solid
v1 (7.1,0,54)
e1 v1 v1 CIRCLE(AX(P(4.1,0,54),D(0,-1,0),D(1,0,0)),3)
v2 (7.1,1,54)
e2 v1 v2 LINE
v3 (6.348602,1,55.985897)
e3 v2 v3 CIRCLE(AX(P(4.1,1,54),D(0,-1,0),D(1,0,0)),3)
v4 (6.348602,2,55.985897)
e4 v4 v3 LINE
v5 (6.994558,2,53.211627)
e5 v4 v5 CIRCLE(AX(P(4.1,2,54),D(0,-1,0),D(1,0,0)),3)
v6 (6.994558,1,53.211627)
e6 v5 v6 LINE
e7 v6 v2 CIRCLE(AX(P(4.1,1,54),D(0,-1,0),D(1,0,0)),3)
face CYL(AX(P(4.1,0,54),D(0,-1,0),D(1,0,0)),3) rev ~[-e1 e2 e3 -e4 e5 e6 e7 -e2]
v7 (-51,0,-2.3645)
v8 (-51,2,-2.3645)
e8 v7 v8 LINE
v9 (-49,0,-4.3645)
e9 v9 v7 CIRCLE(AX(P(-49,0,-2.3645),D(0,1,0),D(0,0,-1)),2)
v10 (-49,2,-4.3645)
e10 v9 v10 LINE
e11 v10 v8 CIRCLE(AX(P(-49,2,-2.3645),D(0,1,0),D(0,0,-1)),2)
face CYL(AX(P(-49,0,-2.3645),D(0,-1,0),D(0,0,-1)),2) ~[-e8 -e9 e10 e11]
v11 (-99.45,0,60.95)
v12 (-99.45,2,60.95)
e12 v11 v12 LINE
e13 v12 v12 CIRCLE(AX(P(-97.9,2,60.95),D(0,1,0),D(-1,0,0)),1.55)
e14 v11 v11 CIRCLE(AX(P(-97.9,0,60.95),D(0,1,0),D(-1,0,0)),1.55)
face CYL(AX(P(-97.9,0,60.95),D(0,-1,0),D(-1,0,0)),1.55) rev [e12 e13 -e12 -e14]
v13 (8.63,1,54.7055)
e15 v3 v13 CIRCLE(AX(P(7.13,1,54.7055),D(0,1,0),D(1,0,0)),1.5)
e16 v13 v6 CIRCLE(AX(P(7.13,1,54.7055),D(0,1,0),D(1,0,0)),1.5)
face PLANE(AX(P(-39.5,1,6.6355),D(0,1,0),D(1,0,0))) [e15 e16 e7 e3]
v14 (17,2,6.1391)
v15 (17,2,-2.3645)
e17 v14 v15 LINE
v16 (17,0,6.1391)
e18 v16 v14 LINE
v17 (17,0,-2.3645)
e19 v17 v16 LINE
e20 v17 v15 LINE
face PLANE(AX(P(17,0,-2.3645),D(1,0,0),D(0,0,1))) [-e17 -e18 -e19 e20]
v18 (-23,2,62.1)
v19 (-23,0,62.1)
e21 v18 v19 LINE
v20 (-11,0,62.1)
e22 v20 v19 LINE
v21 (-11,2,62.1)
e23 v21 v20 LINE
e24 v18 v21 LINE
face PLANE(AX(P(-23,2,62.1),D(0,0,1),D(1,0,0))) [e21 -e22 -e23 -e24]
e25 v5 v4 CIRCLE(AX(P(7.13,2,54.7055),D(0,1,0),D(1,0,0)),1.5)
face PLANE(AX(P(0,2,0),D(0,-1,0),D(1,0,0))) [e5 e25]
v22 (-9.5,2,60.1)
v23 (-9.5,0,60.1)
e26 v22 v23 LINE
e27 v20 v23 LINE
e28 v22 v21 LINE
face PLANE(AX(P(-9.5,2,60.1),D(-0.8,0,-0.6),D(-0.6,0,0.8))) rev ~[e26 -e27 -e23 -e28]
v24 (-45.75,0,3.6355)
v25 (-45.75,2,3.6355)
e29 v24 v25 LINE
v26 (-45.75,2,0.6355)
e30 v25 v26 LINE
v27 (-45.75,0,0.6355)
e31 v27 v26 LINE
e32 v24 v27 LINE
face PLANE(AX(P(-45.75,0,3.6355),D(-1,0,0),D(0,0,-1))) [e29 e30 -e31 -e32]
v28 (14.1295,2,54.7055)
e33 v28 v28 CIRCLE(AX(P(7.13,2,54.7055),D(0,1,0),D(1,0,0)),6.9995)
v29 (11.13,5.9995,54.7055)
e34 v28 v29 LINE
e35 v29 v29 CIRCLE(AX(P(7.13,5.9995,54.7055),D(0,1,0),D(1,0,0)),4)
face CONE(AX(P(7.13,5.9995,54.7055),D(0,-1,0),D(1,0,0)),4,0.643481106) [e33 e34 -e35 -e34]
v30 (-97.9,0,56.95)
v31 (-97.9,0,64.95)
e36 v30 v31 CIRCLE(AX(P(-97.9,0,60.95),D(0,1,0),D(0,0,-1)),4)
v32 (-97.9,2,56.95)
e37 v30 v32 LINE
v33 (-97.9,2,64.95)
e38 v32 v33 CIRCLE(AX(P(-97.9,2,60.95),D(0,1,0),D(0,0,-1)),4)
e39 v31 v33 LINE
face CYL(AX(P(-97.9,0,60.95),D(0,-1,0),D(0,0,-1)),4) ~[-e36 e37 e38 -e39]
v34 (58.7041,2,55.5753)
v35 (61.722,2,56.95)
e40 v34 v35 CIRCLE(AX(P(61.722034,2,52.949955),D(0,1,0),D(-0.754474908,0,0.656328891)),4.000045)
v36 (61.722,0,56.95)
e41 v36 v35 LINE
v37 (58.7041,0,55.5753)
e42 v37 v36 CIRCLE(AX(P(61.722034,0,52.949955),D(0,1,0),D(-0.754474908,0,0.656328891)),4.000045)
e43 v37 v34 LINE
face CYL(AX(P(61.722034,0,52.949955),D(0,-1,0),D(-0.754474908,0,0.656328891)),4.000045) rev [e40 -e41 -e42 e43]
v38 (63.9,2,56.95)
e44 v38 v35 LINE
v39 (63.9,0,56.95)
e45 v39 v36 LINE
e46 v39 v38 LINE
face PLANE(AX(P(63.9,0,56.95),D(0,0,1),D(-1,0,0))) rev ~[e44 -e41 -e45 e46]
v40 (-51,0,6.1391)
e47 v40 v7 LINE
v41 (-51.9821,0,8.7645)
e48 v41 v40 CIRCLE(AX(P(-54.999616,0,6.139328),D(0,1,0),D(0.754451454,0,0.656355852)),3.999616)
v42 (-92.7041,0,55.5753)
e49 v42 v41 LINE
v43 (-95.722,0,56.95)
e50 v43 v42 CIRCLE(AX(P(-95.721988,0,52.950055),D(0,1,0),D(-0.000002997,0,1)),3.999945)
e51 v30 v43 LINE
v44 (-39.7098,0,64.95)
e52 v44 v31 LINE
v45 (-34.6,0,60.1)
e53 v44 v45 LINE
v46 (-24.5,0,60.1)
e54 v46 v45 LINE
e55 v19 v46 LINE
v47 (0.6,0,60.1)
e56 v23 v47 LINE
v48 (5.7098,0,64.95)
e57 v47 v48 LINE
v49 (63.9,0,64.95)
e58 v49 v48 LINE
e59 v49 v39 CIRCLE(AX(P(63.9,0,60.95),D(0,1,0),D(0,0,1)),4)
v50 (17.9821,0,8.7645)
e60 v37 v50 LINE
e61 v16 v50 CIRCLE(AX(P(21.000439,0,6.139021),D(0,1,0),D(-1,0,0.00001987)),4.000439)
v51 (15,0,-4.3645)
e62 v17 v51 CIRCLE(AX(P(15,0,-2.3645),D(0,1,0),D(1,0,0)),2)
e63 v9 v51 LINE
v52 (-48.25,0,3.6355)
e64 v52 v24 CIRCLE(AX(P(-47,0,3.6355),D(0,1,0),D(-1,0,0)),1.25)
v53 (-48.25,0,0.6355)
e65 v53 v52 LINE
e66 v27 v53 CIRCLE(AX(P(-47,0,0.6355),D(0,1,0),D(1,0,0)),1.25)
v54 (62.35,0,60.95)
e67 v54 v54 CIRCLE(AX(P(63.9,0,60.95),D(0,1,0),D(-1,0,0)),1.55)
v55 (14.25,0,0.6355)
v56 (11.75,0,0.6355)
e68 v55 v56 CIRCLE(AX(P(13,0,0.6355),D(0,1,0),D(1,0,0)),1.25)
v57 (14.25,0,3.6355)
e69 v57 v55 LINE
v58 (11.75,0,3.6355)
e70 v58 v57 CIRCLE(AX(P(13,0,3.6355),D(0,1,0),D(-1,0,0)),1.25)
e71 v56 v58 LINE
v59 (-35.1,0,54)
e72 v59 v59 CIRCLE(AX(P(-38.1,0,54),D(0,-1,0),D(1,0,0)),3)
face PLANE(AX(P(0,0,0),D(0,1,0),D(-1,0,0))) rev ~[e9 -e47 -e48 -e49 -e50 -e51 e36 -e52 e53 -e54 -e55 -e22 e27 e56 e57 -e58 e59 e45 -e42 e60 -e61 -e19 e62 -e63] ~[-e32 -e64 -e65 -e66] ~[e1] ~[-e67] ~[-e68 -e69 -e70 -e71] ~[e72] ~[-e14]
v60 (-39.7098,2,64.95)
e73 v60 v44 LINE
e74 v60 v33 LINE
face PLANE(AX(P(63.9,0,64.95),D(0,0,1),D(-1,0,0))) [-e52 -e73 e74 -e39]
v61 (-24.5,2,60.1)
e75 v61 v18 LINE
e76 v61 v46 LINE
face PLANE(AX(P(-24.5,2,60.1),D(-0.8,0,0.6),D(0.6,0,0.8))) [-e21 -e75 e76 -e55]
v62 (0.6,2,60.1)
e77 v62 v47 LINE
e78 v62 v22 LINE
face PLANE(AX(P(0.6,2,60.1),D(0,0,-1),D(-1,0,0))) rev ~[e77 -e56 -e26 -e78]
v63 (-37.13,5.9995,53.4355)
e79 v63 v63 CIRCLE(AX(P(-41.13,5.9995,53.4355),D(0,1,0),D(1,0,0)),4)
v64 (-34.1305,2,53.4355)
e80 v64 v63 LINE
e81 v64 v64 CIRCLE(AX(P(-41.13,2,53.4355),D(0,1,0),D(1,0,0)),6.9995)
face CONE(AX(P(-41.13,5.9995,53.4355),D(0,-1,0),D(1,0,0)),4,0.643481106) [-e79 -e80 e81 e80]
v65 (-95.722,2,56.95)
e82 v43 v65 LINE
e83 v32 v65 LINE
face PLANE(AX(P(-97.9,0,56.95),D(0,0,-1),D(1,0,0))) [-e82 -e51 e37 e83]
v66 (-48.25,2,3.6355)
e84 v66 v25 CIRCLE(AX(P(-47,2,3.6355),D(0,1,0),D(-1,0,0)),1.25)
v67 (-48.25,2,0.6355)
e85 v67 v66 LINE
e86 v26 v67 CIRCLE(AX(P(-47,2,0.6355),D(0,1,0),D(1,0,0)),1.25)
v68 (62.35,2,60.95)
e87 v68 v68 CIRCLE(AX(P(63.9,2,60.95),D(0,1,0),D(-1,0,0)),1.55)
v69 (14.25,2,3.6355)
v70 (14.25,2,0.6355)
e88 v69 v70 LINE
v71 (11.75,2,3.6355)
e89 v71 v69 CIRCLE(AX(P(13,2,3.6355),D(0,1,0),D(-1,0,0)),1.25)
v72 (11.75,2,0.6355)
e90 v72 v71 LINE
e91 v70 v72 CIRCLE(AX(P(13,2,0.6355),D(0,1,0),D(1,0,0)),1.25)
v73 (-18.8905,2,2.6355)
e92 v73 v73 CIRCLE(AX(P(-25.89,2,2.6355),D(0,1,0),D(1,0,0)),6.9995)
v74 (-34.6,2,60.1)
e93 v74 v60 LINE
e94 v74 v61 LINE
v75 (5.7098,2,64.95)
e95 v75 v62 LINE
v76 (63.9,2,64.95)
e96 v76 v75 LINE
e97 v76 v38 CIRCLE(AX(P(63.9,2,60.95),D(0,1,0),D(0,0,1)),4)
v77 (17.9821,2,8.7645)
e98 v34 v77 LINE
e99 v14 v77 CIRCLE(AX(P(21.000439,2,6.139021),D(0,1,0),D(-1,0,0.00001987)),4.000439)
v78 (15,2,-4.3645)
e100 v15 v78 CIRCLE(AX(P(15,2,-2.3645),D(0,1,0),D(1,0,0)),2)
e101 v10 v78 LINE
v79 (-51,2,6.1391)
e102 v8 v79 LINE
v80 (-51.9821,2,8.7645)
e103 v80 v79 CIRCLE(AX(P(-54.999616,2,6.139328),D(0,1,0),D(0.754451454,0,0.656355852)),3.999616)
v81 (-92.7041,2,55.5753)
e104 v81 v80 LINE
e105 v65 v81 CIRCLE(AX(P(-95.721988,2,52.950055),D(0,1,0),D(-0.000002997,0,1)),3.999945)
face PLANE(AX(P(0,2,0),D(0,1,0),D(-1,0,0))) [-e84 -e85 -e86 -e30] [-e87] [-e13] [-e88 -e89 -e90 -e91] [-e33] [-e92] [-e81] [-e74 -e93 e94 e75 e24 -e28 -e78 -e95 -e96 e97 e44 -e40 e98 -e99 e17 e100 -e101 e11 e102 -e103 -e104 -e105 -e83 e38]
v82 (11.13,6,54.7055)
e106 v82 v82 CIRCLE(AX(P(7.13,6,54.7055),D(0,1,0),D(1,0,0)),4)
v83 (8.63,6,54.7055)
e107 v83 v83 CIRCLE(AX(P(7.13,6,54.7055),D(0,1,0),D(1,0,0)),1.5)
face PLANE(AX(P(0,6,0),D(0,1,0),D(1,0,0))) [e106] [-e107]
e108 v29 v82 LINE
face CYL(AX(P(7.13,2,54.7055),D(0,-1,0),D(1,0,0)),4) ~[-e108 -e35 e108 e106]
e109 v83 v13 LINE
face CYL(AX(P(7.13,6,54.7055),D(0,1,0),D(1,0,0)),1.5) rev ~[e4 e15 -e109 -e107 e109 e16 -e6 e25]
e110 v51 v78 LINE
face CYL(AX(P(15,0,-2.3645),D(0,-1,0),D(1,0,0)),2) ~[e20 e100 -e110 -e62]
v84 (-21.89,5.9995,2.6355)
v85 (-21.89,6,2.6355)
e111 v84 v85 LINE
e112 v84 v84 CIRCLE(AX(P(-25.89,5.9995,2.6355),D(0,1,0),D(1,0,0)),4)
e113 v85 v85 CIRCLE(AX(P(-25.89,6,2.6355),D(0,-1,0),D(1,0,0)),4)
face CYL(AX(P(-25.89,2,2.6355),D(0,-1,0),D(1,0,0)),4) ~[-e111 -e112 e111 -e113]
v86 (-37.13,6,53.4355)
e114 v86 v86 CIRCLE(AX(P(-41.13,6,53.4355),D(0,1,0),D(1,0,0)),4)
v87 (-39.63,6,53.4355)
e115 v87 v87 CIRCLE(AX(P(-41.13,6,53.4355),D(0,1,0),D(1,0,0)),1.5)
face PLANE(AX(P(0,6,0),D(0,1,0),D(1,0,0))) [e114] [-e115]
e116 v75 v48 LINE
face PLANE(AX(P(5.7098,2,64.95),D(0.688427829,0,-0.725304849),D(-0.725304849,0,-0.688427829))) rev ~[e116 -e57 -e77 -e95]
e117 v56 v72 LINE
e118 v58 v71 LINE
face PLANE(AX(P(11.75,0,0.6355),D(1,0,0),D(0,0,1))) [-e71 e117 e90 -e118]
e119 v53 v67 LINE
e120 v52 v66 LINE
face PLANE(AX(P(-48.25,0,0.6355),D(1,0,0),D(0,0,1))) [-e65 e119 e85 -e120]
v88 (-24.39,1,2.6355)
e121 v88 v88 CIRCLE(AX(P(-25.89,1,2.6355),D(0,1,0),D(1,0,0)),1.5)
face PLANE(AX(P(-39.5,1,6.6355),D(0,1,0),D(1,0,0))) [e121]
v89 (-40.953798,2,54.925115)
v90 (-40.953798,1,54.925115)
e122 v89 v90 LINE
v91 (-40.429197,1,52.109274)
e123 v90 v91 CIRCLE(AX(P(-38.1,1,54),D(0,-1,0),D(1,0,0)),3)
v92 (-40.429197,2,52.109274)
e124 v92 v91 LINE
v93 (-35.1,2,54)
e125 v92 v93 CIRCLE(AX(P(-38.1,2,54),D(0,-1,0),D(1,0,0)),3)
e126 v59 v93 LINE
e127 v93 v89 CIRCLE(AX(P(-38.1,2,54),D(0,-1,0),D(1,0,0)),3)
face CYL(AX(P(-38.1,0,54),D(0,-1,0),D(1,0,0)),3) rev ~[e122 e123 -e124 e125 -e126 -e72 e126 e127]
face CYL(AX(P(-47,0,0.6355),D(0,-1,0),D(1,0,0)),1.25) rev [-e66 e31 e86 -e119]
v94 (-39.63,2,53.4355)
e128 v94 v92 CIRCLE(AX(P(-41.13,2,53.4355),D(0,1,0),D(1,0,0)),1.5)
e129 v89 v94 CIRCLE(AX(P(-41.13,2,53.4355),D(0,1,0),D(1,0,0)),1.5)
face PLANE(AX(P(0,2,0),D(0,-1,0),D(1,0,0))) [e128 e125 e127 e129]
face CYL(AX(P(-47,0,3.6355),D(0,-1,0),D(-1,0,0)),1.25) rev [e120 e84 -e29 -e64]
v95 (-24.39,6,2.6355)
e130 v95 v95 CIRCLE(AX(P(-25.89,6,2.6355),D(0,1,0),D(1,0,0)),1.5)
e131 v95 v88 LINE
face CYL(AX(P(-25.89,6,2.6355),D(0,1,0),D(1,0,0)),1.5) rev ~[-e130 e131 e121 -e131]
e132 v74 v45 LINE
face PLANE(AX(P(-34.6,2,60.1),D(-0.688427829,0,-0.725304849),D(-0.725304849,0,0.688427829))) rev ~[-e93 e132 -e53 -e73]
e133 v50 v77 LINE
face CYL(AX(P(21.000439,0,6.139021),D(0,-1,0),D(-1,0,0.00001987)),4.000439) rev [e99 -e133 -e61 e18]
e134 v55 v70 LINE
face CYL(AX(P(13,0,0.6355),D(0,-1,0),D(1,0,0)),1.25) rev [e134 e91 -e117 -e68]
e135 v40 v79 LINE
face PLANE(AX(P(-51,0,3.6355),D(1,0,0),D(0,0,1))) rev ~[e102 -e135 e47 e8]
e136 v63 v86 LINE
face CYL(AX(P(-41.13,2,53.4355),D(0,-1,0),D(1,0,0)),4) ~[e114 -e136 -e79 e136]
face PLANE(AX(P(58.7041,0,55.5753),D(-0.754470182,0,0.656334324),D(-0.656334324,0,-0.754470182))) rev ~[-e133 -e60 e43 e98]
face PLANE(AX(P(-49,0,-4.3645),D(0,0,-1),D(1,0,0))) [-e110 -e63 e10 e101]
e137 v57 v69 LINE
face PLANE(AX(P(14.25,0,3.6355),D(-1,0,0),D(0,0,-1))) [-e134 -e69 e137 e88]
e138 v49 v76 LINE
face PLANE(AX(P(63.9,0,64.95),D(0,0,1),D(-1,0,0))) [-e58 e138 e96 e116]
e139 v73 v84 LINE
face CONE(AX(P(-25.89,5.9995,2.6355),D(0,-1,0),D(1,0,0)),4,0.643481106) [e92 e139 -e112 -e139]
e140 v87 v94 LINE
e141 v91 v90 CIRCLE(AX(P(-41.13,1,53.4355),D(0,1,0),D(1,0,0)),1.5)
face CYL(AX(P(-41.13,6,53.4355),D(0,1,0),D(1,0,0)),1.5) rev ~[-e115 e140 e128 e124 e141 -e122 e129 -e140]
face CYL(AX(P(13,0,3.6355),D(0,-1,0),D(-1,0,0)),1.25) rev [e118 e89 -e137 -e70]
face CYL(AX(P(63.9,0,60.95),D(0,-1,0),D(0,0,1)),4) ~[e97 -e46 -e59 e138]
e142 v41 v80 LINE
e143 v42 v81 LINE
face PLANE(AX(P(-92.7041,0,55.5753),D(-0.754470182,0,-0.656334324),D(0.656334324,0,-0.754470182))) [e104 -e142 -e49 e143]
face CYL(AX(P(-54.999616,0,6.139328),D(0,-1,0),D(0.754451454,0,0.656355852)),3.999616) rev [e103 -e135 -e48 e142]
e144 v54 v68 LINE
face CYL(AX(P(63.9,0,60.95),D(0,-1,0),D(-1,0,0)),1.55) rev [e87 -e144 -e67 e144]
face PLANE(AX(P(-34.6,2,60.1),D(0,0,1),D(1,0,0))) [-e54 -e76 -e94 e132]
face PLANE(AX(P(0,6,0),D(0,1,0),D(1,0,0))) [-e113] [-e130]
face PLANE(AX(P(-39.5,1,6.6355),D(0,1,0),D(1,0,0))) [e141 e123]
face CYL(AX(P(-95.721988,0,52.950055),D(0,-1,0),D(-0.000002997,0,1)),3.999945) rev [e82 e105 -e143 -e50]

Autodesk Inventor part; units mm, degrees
ref_plane "YZ Plane" through (0, 0, 0) normal (1, 0, 0) x (0, 1, 0)
ref_plane "XZ Plane" through (0, 0, 0) normal (0, 1, 0) x (-1, 0, 0)
ref_plane "XY Plane" through (0, 0, 0) normal (0, 0, 1) x (1, 0, 0)
sketch "Sketch1" plane through (0, 0, 0) normal (0, 1, 0) x (-1, 0, 0)
  circle A0 centre (-13, 3.6355) radius 1.25
  circle A1 centre (47, 3.6355) radius 1.25
  circle A2 centre (-63.9, 60.95) radius 1.55
  circle A3 centre (-63.9, 60.95) radius 1.5
  circle A4 centre (97.9, 60.95) radius 1.55
  circle A5 centre (97.9, 60.95) radius 1.5
  arc A6 (47, -0.3645) -> (51, 3.6355) centre (47, 3.6355) ccw construction
  arc A7 (-17, 3.6395) -> (-13, -0.3645) centre (-13, 3.6355) ccw construction
  arc A8 (-63.9, 64.95) -> (-63.9, 56.95) centre (-63.9, 60.95) ccw
  arc A9 (97.9, 56.95) -> (97.9, 64.95) centre (97.9, 60.95) ccw
  line L0 (-13, -0.3645) -> (47, -0.3645) construction
  line L1 (-63.9, 64.95) -> (97.9, 64.95)
  line L2 (-17, 3.6395) -> (-17, 6.1391)
  line L3 (51, 3.6355) -> (51, 6.1391)
  arc A10 (51, 3.6355) -> (47, -0.3645) centre (47, 3.6355) ccw construction
  arc A11 (-13, -0.3645) -> (-17, 3.6395) centre (-13, 3.6355) ccw construction
  line L4 (-63.9, 56.95) -> (-61.722, 56.95)
  line L5 (97.9, 56.95) -> (95.722, 56.95)
  line L6 (92.7041, 55.5753) -> (51.9821, 8.7645)
  line L7 (-58.7041, 55.5753) -> (-17.9821, 8.7645)
  arc A12 (-58.7041, 55.5753) -> (-61.722, 56.95) centre (-61.722, 52.95) ccw
  arc A13 (95.722, 56.95) -> (92.7041, 55.5753) centre (95.722, 52.95) ccw
  arc A14 (51.9821, 8.7645) -> (51, 6.1391) centre (55, 6.1391) ccw
  arc A15 (-17, 6.1391) -> (-17.9821, 8.7645) centre (-21, 6.1391) ccw
  arc A16 (-63.9, 56.95) -> (-63.9, 64.95) centre (-63.9, 60.95) ccw construction
  arc A17 (97.9, 64.95) -> (97.9, 56.95) centre (97.9, 60.95) ccw construction
  line L8 (51, 3.6355) -> (51, -2.3645)
  line L9 (49, -4.3645) -> (-15, -4.3645)
  line L10 (-17, -2.3645) -> (-17, 3.6395)
  arc A18 (49, -4.3645) -> (51, -2.3645) centre (49, -2.3645) ccw
  arc A19 (-17, -2.3645) -> (-15, -4.3645) centre (-15, -2.3645) ccw
  line L11 (-13, 3.6355) -> (-13, 0.6355) construction
  line L12 (-14.25, 3.6355) -> (-14.25, 0.6355)
  line L13 (-11.75, 0.6355) -> (-11.75, 3.6355)
  arc A20 (-11.75, 3.6355) -> (-14.25, 3.6355) centre (-13, 3.6355) ccw
  arc A21 (-14.25, 0.6355) -> (-11.75, 0.6355) centre (-13, 0.6355) ccw
  line L14 (47, 3.6355) -> (47, 0.6355) construction
  line L15 (45.75, 3.6355) -> (45.75, 0.6355)
  line L16 (48.25, 0.6355) -> (48.25, 3.6355)
  arc A22 (48.25, 3.6355) -> (45.75, 3.6355) centre (47, 3.6355) ccw
  arc A23 (45.75, 0.6355) -> (48.25, 0.6355) centre (47, 0.6355) ccw
  point P0 (0, 0)
  point P1 (17, 90.5)
  point P2 (51, -4.3645)
  point P3 (-13, 2.1355)
  point P4 (47, 2.1355)
  point P5 (-11.75, 3.6355)
  dimension "d0" = 2.5
  dimension "d1" = 2.5
  dimension "d2" = 3
  dimension "d3" = 3
  dimension "d4" = 8
  dimension "d5" = 8
  dimension "d6" = 8
  dimension "d7" = 8
  dimension "d8" = 60
  dimension "d18" = 4
  dimension "d313" = 8
  dimension "d314" = 2
  dimension "d322" = 3
  dimension "d323" = 3
extrude "Extrusion1" add sketch "Sketch1" along normal blind 2 contours L1 A9 L5 A13 L6 A14 L3 L8 A18 L9 A19 L10 L2 A15 L7 A12 L4 A8
sketch "Sketch3" plane through (0, 2, 0) normal (0, 1, 0) x (1, 0, 0)
  circle A0 centre (13, -3.6355) radius 1.55 construction
  line L0 (13, -3.6355) -> (-2, 2) construction
  line L1 (-2, 2) -> (-2, 4) construction
  line L2 (-2, 2) -> (-2, 4) construction
  line L3 (-2, 4) -> (6, 6.8723) construction
  line L4 (9.8, 6.8723) -> (53.9673, -18.6277) construction
  line L5 (6, 6.8723) -> (9.8, 6.8723) construction
  line L6 (9.8, 6.8723) -> (53.9673, -18.6277) construction
  line L7 (57.4673, -24.6899) -> (57.0036, -33.6779) construction
  line L8 (53.9673, -18.6277) -> (57.4673, -24.6899) construction
  line L9 (57.4673, -24.6899) -> (57.0036, -33.6779) construction
  line L10 (75.376, -65.5) -> (80.5, -65.5) construction
  line L11 (57.0036, -33.6779) -> (75.376, -65.5) construction
  line L12 (75.376, -65.5) -> (6.5, -65.7) construction
  line L13 (6.5, -65.7) -> (6.2893, -65.5) construction
  line L14 (0.6, -60.1) -> (-9.5, -60.1)
  line L15 (-9.5, -60.1) -> (-11, -62.1)
  line L16 (-9.5, -60.1) -> (-11, -62.1)
  line L17 (-23, -62.1) -> (-11, -62.1)
  line L18 (-11, -62.1) -> (-23, -62.1)
  line L19 (-24.5, -60.1) -> (-23, -62.1)
  line L20 (-23, -62.1) -> (-24.5, -60.1)
  line L21 (-34.6, -60.1) -> (-24.5, -60.1)
  line L22 (-24.5, -60.1) -> (-34.6, -60.1)
  line L23 (-40.5, -71.9) -> (-40.5, -65.7) construction
  line L24 (-34.6, -60.1) -> (-39.7098, -64.95)
  line L25 (-114.5, -65.5) -> (-109.376, -65.5) construction
  line L26 (-40.5, -65.7) -> (-109.376, -65.5) construction
  line L27 (-109.376, -65.5) -> (-91.0036, -33.6779) construction
  line L28 (-87.9673, -18.6277) -> (-91.4673, -24.6899) construction
  line L29 (-91.0036, -33.6779) -> (-91.4673, -24.6899) construction
  line L30 (-91.4673, -24.6899) -> (-87.9673, -18.6277) construction
  line L31 (-40, 6.8723) -> (-43.8, 6.8723) construction
  line L32 (-87.9673, -18.6277) -> (-43.8, 6.8723) construction
  line L33 (-43.8, 6.8723) -> (-40, 6.8723) construction
  line L34 (-32, 4) -> (-40, 6.8723) construction
  line L35 (-40, 6.8723) -> (-32, 4) construction
  line L36 (-32, 4) -> (-32, 2) construction
  line L37 (-32, 2) -> (-2, 2) construction
  line L38 (-6.4, -15.5) -> (-2.8831, -15.5)
  line L39 (-2.8831, -15.5) -> (-6.4, -15.5)
  line L40 (-26.1, -17.5) -> (-7.9, -17.5)
  line L41 (-6.4, -15.5) -> (-7.9, -17.5)
  line L42 (-7.9, -17.5) -> (-26.1, -17.5)
  line L43 (-31.1169, -15.5) -> (-27.6, -15.5)
  line L44 (-26.1, -17.5) -> (-27.6, -15.5)
  line L45 (-35.1306, -20.7029) -> (-31.1169, -15.5)
  line L46 (-27.6, -15.5) -> (-31.1169, -15.5)
  line L47 (-31.1169, -15.5) -> (-35.1306, -20.7029)
  line L48 (-35.1306, -20.7029) -> (-27.0449, -36)
  line L49 (-22.7189, -36) -> (-27.0449, -36)
  line L50 (-27.0449, -36) -> (-22.7189, -36)
  line L51 (-20.9689, -37) -> (-22.7189, -36)
  line L52 (-22.7189, -36) -> (-20.9689, -37)
  line L53 (-13.0311, -37) -> (-20.9689, -37)
  line L54 (-20.9689, -37) -> (-13.0311, -37)
  line L55 (-11.2811, -36) -> (-13.0311, -37)
  line L56 (-13.0311, -37) -> (-11.2811, -36)
  line L57 (-6.9551, -36) -> (-11.2811, -36)
  line L58 (-11.2811, -36) -> (-6.9551, -36)
  line L59 (1.1306, -20.7029) -> (-6.9551, -36)
  line L60 (-6.9551, -36) -> (1.1306, -20.7029)
  line L61 (1.1306, -20.7029) -> (-2.8831, -15.5)
  arc A1 (11.75, -3.6355) -> (14.25, -3.6355) centre (13, -3.6355) ccw projected
  line L62 (-97.9, -64.95) -> (63.9, -64.95) projected
  line L63 (5.7098, -64.95) -> (-39.7098, -64.95)
  line L64 (5.7098, -64.95) -> (0.6, -60.1)
  point P0 (0, 0)
  point P1 (17, 90.5)
extrude "Extrusion3" cut sketch "Sketch3" against normal up to next contours L64 L62 L24 L21 L19 L17 L15 L14
sketch "Sketch16" plane through (0, 0, 0) normal (0, -1, 0) x (1, 0, 0)
  line L0 (-34.6, 60.1) -> (-39.7098, 64.95) construction
  line L1 (-34.6, 60.1) -> (-34.6, 54) construction
  line L2 (-34.6, 54) -> (-38.1, 54) construction
  circle A0 centre (-38.1, 54) radius 3
  circle A1 centre (4.1, 54) radius 3
  line L3 (0.6, 60.1) -> (-9.5, 60.1) construction
  point P0 (0, 0)
  dimension "d114" = 6.1
  dimension "d115" = 3.5
  dimension "d116" = 6
  dimension "d117" = 6
  dimension "d118" = 42.2
  dimension "d119" = 6.1
sketch "Sketch2" plane through (0, 2, 0) normal (0, 1, 0) x (1, 0, 0)
  arc A0 (11.75, -3.6355) -> (14.25, -3.6355) centre (13, -3.6355) ccw projected
  arc A1 (-48.25, -3.6355) -> (-45.75, -3.6355) centre (-47, -3.6355) ccw projected
  line L0 (13, 0.3645) -> (-47, 0.3645) projected
  circle A2 centre (-41.13, -53.4355) radius 4
  circle A3 centre (7.13, -54.7055) radius 4
  circle A4 centre (-25.89, -2.6355) radius 4
  point P0 (0, 0)
  point P1 (-28.5358, 0.3645)
  point P2 (-23.2442, 0.3645)
  dimension "d21" = 60
  dimension "d337" = 8
  dimension "d343" = 8
  dimension "d345" = 48.26
  dimension "d346" = 5.87
  dimension "d348" = 1.27
  dimension "d349" = 8
  dimension "d350" = 1
  dimension "d351" = 15.24
  dimension "d352" = 50.8
extrude "Extrusion2" add sketch "Sketch2" along normal blind 4
chamfer "Chamfer2" distance 3 distance2 4 3 edges at (-45.13, 2, 53.4355) (3.13, 2, 54.7055) (-28.5358, 2, 5.6355) measured on face at (28.9368, 2, 38.7976)
sketch "Sketch17" plane through (0, 2, 0) normal (0, 1, 0) x (1, 0, 0)
  arc A0 (11.75, -3.6355) -> (14.25, -3.6355) centre (13, -3.6355) ccw projected
  circle A1 centre (13, -3.6355) radius 2.5
  arc A2 (-48.25, -3.6355) -> (-45.75, -3.6355) centre (-47, -3.6355) ccw projected
  circle A3 centre (-47, -3.6355) radius 2.5
  line L0 (13, -3.6355) -> (13, 0) construction
  line L1 (15.5, -3.6355) -> (15.5, 0)
  line L2 (10.5, 0) -> (10.5, -3.6355)
  arc A4 (10.5, -3.6355) -> (15.5, -3.6355) centre (13, -3.6355) ccw
  arc A5 (15.5, 0) -> (10.5, 0) centre (13, 0) ccw
  line L3 (-47, -3.6355) -> (-47, 0) construction
  line L4 (-44.5038, -3.6355) -> (-44.5038, 0)
  line L5 (-49.4962, 0) -> (-49.4962, -3.6355)
  arc A6 (-49.4962, -3.6355) -> (-44.5038, -3.6355) centre (-47, -3.6355) ccw
  arc A7 (-44.5038, 0) -> (-49.4962, 0) centre (-47, 0) ccw
  point P0 (0, 0)
  point P1 (13, -1.8177)
  point P2 (-47, -1.8177)
  point P3 (-49.4962, -3.4982)
  point P4 (-44.5038, -3.4982)
  dimension "d125" = 5
  dimension "d126" = 5
extrude "Extrusion17" cut sketch "Sketch17" along normal through all
extrude "Extrusion18" cut sketch "Sketch16" against normal blind 2
sketch "Sketch22" plane through (-39.5, 6, 6.6355) normal (0, 1, 0) x (1, 0, 0)
  circle A0 centre (-1.63, -46.8) radius 4 projected
  circle A1 centre (-1.63, -46.8) radius 1.5
  circle A2 centre (46.63, -48.07) radius 4 projected
  circle A3 centre (46.63, -48.07) radius 1.5
  circle A4 centre (13.61, 4) radius 4 projected
  circle A5 centre (13.61, 4) radius 1.5
  dimension "d339" = 3
  dimension "d347" = 3
  dimension "d353" = 3
extrude "Extrusion24" cut sketch "Sketch22" against normal blind 5 contours A1 | A3 | A5
properties part number "ArduSimple BasePlate FrontExit"
